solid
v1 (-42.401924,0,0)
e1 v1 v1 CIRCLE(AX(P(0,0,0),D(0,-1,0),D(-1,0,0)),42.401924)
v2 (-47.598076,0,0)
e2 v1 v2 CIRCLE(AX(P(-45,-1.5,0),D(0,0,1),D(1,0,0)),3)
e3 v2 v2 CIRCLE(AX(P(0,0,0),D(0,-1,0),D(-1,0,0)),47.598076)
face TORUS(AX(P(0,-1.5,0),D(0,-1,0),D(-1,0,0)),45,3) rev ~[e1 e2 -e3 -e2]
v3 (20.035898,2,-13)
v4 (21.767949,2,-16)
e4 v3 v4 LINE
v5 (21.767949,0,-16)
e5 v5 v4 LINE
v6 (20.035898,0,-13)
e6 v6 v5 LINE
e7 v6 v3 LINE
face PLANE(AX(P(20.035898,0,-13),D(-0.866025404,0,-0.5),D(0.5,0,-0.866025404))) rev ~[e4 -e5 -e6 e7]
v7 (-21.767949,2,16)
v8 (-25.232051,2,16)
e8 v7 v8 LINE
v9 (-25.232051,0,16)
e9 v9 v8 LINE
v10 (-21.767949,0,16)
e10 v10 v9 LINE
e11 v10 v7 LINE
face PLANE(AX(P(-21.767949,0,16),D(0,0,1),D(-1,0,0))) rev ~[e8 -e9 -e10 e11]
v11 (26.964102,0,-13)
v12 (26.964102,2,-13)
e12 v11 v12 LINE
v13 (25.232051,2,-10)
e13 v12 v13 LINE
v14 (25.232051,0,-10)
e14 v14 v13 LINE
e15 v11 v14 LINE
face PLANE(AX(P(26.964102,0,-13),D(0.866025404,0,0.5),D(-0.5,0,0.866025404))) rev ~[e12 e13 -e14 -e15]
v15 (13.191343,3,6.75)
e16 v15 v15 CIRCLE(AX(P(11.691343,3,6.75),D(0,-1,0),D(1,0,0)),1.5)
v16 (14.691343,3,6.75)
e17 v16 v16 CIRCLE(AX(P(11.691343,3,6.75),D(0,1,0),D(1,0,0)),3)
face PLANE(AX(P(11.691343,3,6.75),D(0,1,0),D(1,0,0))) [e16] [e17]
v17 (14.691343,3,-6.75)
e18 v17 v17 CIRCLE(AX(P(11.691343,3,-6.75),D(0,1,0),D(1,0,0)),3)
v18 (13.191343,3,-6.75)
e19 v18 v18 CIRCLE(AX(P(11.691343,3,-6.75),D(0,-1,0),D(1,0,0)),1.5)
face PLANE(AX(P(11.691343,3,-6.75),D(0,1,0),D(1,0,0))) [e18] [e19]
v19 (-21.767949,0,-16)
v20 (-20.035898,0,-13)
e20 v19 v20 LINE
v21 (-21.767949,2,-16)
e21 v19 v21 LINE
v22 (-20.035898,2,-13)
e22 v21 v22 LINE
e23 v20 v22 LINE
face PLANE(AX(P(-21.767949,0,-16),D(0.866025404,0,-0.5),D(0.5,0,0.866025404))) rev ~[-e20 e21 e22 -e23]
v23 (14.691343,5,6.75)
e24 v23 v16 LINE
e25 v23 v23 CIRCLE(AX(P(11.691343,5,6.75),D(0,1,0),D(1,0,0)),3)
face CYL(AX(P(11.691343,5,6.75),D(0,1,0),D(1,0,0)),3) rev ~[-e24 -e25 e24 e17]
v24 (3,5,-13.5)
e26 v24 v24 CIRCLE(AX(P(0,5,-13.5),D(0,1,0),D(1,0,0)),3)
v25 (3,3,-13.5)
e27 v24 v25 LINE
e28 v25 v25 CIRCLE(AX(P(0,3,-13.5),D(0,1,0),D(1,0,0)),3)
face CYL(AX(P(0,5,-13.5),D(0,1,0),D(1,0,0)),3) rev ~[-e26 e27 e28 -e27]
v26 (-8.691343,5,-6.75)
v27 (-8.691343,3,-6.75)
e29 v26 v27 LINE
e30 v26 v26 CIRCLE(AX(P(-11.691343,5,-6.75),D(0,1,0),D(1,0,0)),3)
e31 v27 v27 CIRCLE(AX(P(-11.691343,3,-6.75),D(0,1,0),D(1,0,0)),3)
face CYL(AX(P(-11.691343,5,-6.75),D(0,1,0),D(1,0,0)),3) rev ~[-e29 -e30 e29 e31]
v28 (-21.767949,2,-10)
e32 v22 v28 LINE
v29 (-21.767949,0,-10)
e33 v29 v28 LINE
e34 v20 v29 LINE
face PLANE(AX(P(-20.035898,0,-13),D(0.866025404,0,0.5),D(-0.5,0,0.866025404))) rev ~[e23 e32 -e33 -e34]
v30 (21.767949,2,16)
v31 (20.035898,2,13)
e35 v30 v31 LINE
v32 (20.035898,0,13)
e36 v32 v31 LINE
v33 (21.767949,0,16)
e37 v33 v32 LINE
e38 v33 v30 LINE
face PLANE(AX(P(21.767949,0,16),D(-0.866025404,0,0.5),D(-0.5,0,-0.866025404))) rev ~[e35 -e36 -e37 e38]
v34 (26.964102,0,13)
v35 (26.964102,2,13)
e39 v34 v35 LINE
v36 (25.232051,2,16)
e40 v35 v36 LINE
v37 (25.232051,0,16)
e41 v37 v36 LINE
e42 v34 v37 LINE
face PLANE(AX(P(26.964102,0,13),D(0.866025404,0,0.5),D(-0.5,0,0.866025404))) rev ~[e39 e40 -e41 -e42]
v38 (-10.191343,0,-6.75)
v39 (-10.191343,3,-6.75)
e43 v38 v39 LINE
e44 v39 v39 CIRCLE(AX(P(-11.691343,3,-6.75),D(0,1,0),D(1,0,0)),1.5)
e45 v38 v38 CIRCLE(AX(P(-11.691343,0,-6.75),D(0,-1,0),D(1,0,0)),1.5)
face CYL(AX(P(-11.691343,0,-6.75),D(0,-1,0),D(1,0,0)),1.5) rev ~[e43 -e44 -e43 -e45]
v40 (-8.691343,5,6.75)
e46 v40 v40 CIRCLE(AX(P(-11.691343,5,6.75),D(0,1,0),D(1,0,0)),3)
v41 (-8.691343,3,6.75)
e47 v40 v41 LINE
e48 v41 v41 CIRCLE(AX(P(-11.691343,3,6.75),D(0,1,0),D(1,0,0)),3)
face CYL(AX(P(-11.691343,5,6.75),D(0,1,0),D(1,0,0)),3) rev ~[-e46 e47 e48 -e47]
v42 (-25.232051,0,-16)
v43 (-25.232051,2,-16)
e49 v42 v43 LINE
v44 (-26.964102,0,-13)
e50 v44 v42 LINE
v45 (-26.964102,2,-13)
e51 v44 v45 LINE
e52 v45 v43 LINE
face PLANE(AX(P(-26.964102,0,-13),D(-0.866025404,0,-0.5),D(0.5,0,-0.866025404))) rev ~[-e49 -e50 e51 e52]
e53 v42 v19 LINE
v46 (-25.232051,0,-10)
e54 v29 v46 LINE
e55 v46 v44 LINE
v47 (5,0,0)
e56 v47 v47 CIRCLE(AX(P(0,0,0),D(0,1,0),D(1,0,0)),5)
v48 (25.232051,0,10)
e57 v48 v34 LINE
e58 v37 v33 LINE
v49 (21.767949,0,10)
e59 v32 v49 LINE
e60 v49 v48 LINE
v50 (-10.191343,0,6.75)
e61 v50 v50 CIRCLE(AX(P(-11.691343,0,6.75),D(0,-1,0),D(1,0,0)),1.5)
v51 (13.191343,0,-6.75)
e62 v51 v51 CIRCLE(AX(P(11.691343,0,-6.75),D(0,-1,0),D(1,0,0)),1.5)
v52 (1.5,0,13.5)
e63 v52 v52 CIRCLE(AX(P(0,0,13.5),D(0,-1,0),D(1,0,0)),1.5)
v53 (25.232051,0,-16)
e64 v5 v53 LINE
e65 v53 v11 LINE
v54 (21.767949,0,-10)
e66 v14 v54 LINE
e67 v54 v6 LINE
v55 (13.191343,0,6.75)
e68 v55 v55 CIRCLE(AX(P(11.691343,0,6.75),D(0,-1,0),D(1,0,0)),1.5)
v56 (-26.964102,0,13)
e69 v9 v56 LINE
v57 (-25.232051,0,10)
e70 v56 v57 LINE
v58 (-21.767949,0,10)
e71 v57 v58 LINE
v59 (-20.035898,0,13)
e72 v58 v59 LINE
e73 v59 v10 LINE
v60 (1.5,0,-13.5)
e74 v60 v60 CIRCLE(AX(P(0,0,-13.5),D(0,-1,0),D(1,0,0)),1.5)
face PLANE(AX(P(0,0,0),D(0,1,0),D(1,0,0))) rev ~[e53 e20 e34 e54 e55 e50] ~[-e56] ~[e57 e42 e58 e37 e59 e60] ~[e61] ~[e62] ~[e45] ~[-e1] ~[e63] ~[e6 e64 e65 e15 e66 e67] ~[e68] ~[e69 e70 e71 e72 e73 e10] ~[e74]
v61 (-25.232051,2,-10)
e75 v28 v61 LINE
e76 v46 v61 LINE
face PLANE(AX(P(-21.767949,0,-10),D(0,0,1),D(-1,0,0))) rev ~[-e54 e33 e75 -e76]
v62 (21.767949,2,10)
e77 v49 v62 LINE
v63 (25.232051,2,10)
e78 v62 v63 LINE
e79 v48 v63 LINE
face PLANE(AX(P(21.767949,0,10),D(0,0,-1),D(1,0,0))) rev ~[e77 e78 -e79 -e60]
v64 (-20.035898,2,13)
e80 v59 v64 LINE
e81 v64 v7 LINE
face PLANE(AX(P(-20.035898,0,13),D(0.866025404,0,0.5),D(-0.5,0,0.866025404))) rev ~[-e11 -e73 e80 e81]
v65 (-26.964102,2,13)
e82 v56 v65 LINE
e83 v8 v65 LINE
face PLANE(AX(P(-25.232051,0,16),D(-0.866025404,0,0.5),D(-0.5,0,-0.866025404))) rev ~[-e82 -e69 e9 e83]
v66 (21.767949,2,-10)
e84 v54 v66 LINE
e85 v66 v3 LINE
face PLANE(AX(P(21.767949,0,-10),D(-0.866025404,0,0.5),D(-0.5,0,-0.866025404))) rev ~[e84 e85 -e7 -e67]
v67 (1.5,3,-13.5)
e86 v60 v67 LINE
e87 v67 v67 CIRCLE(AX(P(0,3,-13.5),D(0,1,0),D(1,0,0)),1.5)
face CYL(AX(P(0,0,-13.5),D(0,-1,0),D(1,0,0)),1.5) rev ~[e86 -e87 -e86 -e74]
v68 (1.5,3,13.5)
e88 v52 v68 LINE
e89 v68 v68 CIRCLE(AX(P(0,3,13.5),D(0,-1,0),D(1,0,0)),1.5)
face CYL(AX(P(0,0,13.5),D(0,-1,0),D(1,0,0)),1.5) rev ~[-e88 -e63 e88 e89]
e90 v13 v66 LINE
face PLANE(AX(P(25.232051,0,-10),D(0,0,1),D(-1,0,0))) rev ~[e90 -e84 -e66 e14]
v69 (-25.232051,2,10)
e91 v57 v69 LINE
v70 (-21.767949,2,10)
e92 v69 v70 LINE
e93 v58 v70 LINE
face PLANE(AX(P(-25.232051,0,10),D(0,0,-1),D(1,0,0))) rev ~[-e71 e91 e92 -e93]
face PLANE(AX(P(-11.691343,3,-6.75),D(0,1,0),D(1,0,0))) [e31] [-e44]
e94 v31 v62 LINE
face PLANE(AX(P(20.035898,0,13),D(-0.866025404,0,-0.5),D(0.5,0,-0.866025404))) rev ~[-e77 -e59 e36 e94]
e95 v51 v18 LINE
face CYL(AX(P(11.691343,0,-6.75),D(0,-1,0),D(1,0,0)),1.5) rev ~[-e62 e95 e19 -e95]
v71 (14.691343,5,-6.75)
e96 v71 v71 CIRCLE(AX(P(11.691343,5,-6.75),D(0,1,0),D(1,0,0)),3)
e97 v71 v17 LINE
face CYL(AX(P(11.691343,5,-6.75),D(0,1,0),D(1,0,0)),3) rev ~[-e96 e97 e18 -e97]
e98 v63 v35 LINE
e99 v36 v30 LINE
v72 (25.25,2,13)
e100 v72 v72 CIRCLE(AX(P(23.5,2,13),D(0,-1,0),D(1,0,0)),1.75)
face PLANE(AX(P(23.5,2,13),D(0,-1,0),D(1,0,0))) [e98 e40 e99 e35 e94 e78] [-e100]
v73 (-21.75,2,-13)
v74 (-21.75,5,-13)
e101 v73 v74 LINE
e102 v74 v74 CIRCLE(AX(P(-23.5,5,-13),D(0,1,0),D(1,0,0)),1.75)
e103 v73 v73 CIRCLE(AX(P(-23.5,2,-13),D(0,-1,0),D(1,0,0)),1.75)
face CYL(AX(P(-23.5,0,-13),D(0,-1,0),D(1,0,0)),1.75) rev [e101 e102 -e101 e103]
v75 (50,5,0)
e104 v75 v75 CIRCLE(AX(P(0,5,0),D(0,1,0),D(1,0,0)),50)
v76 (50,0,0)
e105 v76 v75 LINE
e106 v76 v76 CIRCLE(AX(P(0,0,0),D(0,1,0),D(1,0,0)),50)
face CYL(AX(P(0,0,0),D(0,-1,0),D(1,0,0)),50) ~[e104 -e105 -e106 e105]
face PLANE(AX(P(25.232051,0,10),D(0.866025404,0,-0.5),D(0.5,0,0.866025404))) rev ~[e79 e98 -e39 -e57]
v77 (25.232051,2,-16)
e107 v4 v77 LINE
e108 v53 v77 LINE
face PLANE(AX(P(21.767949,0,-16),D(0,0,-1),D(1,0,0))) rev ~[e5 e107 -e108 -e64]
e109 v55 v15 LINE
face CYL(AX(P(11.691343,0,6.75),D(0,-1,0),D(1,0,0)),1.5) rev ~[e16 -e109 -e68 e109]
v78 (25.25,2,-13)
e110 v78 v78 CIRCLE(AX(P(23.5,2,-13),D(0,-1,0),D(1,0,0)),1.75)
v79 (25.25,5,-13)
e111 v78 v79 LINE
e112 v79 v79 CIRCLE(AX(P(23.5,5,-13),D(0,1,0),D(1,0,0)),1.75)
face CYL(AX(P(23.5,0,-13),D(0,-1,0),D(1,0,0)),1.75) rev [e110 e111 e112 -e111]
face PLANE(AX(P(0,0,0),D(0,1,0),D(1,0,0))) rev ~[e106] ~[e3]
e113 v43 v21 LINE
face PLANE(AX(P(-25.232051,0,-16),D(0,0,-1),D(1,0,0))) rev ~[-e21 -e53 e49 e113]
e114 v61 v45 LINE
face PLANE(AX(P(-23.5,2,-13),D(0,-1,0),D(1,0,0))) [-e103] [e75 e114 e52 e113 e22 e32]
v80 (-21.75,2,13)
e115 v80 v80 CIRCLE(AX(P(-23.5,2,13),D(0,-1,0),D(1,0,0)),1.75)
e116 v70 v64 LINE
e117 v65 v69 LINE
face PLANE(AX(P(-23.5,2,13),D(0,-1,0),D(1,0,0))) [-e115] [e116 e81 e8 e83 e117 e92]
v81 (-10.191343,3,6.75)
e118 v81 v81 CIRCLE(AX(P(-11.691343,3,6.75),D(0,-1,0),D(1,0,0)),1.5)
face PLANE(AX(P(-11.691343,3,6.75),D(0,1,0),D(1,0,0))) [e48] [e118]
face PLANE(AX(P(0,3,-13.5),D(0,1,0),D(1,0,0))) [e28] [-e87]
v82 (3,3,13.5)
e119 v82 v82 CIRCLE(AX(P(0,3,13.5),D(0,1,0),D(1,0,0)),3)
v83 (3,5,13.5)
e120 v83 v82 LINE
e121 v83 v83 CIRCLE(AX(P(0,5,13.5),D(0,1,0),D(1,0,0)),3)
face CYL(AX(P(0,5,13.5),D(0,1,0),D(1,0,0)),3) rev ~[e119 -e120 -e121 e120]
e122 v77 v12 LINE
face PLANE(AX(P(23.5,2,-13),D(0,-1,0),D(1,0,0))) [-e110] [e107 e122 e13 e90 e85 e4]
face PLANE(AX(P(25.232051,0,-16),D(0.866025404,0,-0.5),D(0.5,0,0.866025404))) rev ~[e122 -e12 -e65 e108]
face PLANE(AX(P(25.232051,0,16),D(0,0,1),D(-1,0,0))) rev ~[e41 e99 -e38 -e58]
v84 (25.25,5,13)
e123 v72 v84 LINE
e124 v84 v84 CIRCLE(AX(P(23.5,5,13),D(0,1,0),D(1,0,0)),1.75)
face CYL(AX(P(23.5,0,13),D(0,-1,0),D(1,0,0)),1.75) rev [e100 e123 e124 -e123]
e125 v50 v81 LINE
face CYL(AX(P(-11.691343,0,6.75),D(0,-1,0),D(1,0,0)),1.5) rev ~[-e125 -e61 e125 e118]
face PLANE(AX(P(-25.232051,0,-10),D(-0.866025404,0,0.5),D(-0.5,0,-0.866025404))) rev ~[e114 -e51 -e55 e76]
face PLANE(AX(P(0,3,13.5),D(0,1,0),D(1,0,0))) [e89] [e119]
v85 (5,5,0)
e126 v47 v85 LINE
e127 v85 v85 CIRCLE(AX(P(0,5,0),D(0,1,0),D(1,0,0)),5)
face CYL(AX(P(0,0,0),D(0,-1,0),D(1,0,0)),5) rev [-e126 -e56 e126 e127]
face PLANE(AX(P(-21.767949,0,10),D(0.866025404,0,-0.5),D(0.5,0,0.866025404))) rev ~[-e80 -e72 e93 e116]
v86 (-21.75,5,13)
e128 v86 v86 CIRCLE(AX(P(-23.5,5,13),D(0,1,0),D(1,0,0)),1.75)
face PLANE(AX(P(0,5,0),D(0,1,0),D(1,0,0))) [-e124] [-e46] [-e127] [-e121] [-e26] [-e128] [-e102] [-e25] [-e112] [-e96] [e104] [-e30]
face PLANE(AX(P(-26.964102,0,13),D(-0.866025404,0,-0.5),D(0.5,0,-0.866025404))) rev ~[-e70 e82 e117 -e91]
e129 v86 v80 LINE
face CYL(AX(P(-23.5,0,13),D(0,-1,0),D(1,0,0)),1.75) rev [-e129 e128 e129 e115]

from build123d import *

# Parameters (mm, degrees)
SKETCH_1_R               = 50
SKETCH_1_R_2             = 1.75
SKETCH_1_R_3             = 5
EXTRUDE_1_DEPTH          = 5
SKETCH_2_R               = 1.5
CUT_EXTRUDE_1_DEPTH      = 2
SKETCH_3_R               = 3
SKETCH_2_3_R             = 1.5
CUT_EXTRUDE_2_DEPTH      = 1
CUT_EXTRUDE_2_DEPTH_BACK = 6
SKETCH_4_R               = 1.75
SKETCH_4_R_2             = 3
SKETCH_4_R_3             = 1.5
CUT_EXTRUDE_3_DEPTH      = 2


with BuildPart() as part:
    # Эскиз1 → Бобышка-Вытянуть1 (new body)
    with BuildSketch(Plane(origin=(0, 0, 0), x_dir=(1, 0, 0), z_dir=(0, 1, 0))):
        Circle(SKETCH_1_R)
        with Locations((-23.5, 13)):
            Circle(SKETCH_1_R_2, mode=Mode.SUBTRACT)
        with Locations((-23.5, -13)):
            Circle(SKETCH_1_R_2, mode=Mode.SUBTRACT)
        Circle(SKETCH_1_R_3, mode=Mode.SUBTRACT)
        with Locations((23.5, -13)):
            Circle(SKETCH_1_R_2, mode=Mode.SUBTRACT)
        with Locations((23.5, 13)):
            Circle(SKETCH_1_R_2, mode=Mode.SUBTRACT)
    extrude(amount=EXTRUDE_1_DEPTH)

    # Эскиз2 → Вырез-Вытянуть1 (cut)
    with BuildSketch(Plane.XZ):
        with Locations((0, 13.5)):
            Circle(SKETCH_2_R)
        with Locations((11.691342951, 6.75)):
            Circle(SKETCH_2_R)
        with Locations((11.691342951, -6.75)):
            Circle(SKETCH_2_R)
        with Locations((0, -13.5)):
            Circle(SKETCH_2_R)
        with Locations((-11.691342951, -6.75)):
            Circle(SKETCH_2_R)
        with Locations((-11.691342951, 6.75)):
            Circle(SKETCH_2_R)
        Polygon((-25.232050808, 16), (-26.964101615, 13), (-25.232050808, 10), (-21.767949192, 10), (-20.035898385, 13), (-21.767949192, 16), align=None)
        Polygon((21.767949192, 16), (20.035898385, 13), (21.767949192, 10), (25.232050808, 10), (26.964101615, 13), (25.232050808, 16), align=None)
        Polygon((21.767949192, -10), (20.035898385, -13), (21.767949192, -16), (25.232050808, -16), (26.964101615, -13), (25.232050808, -10), align=None)
        Polygon((-25.232050808, -10), (-26.964101615, -13), (-25.232050808, -16), (-21.767949192, -16), (-20.035898385, -13), (-21.767949192, -10), align=None)
    extrude(amount=-CUT_EXTRUDE_1_DEPTH, mode=Mode.SUBTRACT)

    # Эскиз3 → Вырез-Повернуть1 (revolve, cut)
    with BuildSketch(Plane.XY):
        with Locations((-45, -1.5)):
            Circle(SKETCH_3_R)
    revolve(axis=Axis((0, 0, 0), (0, -1, 0)), mode=Mode.SUBTRACT)

    # Эскиз2<3> → Вырез-Вытянуть2 (cut, two sides)
    with BuildSketch(Plane.XZ) as cut_extrude_2_sk:
        with Locations((0, -13.5)):
            Circle(SKETCH_2_3_R)
        with Locations((-11.691342951, -6.75)):
            Circle(SKETCH_2_3_R)
        with Locations((-11.691342951, 6.75)):
            Circle(SKETCH_2_3_R)
        with Locations((11.691342951, -6.75)):
            Circle(SKETCH_2_3_R)
        with Locations((0, 13.5)):
            Circle(SKETCH_2_3_R)
        with Locations((11.691342951, 6.75)):
            Circle(SKETCH_2_3_R)
    extrude(amount=CUT_EXTRUDE_2_DEPTH, mode=Mode.SUBTRACT)
    extrude(cut_extrude_2_sk.sketch, amount=-CUT_EXTRUDE_2_DEPTH_BACK, mode=Mode.SUBTRACT)

    # Эскиз4 → Вырез-Вытянуть3 (cut)
    with BuildSketch(Plane(origin=(0, 5, 0), x_dir=(1, 0, 0), z_dir=(0, 1, 0))):
        with Locations((-23.5, -13)):
            Circle(SKETCH_4_R)
        with Locations((-11.691342951, 6.75)):
            Circle(SKETCH_4_R_2)
        with Locations((-11.691342951, 6.75)):
            Circle(SKETCH_4_R_3, mode=Mode.SUBTRACT)
        with Locations((0, 13.5)):
            Circle(SKETCH_4_R_2)
        with Locations((0, 13.5)):
            Circle(SKETCH_4_R_3, mode=Mode.SUBTRACT)
        with Locations((11.691342951, 6.75)):
            Circle(SKETCH_4_R_2)
        with Locations((11.691342951, -6.75)):
            Circle(SKETCH_4_R_2)
        with Locations((0, -13.5)):
            Circle(SKETCH_4_R_2)
        with Locations((-11.691342951, -6.75)):
            Circle(SKETCH_4_R_2)
    extrude(amount=-CUT_EXTRUDE_3_DEPTH, mode=Mode.SUBTRACT)


solid = part.part
